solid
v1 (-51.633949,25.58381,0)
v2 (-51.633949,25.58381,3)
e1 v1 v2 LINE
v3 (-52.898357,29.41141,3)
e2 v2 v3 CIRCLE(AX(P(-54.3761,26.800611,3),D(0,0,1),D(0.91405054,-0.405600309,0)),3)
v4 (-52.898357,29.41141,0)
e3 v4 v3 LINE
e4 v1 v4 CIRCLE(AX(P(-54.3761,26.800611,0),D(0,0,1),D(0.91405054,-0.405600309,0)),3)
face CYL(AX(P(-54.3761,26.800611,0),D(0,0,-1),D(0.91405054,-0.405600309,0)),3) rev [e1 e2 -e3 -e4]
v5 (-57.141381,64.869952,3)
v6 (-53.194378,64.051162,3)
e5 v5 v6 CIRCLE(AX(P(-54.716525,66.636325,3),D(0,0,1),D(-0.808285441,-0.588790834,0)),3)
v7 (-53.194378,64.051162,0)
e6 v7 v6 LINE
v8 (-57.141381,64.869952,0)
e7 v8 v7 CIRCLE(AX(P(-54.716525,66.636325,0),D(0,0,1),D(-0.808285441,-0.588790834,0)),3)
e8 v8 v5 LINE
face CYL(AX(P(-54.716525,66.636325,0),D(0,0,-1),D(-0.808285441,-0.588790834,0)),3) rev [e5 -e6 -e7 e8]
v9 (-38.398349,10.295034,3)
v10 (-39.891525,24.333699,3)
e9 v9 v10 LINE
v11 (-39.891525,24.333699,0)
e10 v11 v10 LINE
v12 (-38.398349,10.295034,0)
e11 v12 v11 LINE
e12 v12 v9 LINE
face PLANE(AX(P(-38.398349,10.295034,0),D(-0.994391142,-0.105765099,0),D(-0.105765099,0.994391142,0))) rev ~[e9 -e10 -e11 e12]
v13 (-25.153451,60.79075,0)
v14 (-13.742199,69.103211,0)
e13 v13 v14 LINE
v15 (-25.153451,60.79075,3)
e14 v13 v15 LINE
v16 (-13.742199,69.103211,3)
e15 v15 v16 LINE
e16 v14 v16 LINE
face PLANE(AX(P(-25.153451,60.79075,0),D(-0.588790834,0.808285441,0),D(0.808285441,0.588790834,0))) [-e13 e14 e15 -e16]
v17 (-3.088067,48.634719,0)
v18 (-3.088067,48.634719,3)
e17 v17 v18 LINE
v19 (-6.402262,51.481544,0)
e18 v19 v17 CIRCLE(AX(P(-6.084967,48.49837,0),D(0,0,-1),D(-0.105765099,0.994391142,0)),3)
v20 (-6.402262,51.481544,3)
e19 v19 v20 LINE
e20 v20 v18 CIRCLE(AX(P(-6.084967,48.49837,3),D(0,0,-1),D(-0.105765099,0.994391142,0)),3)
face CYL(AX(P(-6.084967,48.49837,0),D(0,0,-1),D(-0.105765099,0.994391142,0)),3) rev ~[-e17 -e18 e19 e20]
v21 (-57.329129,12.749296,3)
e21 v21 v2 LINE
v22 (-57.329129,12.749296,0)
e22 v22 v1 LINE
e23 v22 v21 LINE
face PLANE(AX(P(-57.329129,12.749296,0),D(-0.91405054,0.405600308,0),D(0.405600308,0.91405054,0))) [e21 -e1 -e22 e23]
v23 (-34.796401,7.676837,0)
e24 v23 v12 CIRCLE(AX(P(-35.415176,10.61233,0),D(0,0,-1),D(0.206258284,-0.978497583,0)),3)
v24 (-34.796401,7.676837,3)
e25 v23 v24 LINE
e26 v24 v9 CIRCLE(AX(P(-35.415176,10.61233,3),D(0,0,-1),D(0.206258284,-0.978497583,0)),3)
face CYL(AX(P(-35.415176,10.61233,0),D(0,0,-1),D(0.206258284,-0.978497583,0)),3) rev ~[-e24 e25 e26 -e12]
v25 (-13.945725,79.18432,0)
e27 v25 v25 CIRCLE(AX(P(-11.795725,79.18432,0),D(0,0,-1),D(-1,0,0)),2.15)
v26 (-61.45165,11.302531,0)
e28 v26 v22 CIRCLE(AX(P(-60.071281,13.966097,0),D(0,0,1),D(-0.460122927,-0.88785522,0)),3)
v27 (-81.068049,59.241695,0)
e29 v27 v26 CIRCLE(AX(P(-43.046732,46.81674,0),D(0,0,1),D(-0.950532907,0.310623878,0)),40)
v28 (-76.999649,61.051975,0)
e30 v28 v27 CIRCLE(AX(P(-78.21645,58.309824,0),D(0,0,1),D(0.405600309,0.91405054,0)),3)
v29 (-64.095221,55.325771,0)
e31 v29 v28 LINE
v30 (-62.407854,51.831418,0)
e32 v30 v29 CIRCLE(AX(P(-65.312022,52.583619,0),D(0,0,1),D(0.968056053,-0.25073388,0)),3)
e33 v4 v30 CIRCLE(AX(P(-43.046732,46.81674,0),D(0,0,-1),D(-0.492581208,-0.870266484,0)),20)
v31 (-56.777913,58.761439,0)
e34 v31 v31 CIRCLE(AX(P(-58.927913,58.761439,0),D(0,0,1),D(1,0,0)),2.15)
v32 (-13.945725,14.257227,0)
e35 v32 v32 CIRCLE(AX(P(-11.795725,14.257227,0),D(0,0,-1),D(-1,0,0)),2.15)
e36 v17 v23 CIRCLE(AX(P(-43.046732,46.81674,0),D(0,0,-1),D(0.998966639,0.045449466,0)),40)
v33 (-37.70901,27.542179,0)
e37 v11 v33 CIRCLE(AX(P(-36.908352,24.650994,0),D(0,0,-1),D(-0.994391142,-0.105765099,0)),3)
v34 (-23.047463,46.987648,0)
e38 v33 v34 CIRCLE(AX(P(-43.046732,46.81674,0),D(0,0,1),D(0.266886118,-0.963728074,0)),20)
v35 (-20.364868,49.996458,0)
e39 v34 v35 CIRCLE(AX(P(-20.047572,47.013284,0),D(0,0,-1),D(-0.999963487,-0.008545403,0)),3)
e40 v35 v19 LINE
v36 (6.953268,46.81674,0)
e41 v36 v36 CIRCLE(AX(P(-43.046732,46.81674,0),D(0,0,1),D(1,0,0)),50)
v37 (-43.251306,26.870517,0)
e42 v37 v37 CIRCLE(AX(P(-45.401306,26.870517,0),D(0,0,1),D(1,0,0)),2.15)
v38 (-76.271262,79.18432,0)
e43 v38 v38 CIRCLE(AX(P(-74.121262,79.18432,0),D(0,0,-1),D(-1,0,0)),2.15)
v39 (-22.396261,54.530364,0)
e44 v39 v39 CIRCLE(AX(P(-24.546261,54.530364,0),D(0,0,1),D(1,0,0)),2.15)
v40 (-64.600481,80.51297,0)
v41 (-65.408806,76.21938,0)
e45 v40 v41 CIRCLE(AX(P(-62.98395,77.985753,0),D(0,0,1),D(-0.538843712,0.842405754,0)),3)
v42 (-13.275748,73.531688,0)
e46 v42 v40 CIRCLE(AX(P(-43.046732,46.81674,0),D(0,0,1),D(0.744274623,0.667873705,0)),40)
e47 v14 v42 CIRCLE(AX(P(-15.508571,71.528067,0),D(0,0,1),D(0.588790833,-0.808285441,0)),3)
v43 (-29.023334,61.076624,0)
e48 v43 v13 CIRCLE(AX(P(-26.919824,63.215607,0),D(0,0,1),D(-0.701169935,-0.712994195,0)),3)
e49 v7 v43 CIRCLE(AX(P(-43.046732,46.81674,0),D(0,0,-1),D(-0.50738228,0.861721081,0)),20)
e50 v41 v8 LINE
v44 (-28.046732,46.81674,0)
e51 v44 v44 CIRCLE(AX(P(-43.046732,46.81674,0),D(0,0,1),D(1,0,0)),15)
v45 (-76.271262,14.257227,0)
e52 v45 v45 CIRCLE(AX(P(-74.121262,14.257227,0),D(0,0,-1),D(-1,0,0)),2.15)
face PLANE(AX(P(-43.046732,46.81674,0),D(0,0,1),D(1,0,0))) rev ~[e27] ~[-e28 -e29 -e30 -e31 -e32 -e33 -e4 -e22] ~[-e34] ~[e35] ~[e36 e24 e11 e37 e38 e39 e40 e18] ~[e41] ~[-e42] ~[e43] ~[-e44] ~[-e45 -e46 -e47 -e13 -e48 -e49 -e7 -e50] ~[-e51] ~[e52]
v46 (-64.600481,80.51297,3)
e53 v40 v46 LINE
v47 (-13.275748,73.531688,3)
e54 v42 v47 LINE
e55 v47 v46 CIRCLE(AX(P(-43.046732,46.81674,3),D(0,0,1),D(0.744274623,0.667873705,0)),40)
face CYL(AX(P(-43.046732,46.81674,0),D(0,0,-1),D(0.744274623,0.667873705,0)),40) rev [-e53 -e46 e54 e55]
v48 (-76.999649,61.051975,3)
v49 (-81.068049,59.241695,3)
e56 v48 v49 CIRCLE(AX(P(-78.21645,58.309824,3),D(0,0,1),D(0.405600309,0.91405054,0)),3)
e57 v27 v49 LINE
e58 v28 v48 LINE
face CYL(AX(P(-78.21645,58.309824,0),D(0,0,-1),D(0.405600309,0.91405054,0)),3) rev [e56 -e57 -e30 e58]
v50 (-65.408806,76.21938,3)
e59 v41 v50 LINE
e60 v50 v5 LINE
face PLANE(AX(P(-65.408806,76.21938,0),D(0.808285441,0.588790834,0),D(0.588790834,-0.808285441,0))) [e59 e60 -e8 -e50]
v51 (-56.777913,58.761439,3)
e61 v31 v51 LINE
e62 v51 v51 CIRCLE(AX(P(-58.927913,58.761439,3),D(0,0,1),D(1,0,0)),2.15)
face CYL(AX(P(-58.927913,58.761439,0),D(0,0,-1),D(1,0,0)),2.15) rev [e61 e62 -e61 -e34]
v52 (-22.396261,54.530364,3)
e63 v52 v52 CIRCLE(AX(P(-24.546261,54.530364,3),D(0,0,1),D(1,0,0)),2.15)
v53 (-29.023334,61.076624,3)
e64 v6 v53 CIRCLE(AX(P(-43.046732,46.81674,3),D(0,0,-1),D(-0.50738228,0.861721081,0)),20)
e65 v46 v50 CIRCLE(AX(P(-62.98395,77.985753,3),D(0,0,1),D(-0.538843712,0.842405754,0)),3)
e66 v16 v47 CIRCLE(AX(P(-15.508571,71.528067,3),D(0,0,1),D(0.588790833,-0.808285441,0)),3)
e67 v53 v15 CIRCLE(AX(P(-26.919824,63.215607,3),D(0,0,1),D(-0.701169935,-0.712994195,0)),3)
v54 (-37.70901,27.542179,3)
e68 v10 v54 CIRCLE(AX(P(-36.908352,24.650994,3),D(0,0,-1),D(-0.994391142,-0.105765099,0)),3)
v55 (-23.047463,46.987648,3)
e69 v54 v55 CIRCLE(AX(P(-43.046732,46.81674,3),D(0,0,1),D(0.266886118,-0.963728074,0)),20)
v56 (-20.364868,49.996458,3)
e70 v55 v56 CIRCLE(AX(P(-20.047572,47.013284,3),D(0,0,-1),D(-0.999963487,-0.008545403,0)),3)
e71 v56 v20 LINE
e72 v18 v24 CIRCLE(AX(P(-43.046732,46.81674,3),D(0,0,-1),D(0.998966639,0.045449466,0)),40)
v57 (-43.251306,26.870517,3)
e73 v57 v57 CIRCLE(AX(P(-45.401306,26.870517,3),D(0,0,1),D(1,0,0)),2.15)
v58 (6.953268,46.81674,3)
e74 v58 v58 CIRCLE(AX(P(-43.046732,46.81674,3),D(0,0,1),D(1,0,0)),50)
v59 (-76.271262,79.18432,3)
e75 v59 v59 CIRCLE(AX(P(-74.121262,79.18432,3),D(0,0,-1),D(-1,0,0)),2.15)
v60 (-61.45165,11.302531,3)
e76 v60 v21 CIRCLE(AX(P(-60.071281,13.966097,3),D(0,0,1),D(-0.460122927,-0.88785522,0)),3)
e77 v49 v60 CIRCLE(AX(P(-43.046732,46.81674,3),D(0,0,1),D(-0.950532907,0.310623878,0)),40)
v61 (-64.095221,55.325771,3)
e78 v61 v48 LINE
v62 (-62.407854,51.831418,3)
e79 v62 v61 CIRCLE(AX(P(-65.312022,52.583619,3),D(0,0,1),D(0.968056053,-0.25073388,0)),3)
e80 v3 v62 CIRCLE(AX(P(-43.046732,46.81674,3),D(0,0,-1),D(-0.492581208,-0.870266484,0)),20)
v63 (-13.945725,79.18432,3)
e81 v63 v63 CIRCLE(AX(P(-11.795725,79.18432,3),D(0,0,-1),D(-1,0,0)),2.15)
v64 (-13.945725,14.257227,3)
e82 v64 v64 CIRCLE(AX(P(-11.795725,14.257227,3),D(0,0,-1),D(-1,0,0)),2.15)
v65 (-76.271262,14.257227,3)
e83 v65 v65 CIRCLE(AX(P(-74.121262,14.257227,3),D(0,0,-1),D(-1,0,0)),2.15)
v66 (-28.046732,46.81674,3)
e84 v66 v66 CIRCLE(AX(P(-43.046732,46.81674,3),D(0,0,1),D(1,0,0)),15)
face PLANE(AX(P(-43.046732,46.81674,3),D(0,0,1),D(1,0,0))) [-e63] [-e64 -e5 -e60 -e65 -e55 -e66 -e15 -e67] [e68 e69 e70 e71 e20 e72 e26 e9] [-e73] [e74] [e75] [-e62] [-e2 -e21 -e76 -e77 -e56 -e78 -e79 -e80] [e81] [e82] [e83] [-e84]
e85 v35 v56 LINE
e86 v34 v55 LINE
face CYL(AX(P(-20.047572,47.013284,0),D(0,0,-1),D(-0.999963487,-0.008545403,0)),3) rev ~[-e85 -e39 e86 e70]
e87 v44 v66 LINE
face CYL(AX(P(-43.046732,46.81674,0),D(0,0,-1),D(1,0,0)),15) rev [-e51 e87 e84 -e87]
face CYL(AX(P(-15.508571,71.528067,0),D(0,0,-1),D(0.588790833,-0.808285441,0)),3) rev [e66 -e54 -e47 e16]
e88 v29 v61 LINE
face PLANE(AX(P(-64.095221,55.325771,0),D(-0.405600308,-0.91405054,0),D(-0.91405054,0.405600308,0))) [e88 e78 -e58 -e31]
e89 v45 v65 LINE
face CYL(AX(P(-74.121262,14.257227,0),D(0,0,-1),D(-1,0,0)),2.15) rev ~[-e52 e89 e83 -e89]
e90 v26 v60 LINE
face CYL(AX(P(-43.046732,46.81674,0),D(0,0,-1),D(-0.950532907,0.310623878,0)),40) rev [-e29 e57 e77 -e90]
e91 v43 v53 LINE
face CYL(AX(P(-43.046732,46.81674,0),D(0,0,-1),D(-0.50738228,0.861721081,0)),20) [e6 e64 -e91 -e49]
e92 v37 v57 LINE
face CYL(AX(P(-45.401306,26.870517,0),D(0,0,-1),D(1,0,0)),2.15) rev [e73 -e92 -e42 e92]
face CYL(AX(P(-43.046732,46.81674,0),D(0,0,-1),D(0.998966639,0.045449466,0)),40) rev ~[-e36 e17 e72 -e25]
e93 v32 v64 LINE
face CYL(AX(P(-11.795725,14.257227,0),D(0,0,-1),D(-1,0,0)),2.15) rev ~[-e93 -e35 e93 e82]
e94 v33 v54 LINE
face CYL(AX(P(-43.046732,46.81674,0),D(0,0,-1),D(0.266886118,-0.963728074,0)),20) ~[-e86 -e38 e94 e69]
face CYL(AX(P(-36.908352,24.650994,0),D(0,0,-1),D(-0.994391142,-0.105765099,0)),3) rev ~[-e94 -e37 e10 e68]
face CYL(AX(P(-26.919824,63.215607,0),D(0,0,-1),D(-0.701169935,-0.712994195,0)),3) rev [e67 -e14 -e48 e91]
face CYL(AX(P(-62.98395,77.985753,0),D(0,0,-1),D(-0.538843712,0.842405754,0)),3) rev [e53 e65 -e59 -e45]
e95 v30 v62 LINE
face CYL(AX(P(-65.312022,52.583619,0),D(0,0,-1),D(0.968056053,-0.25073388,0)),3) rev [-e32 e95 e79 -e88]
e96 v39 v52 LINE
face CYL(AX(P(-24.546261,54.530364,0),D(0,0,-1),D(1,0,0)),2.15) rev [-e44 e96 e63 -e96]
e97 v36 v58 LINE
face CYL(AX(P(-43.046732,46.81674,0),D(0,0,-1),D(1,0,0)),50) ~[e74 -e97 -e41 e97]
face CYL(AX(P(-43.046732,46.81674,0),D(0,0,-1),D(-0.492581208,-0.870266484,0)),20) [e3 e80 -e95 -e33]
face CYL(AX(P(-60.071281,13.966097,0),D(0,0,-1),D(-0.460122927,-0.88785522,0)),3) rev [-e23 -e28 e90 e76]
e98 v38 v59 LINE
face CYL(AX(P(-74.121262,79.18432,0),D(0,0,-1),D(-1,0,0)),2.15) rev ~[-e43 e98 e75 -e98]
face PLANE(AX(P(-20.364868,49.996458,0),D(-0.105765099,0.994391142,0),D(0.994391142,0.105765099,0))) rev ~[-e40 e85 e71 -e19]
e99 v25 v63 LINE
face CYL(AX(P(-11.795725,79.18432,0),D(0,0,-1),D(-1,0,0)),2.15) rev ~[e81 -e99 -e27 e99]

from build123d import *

# Parameters (mm, degrees)
SKETCH_1_R          = 50
SKETCH_1_R_2        = 15
SKETCH_1_R_3        = 2.15
EXTRUDE_1_DEPTH     = 3
SKETCH_2_R          = 2.15
CUT_EXTRUDE_1_DEPTH = 3
CUT_EXTRUDE_2_DEPTH = 3


with BuildPart() as part:
    # 草图1 → 凸台-拉伸1 (new body)
    with BuildSketch(Plane.XY):
        with Locations((-43.046732458, 46.816740082)):
            Circle(SKETCH_1_R)
        with Locations((-43.046732458, 46.816740082)):
            Circle(SKETCH_1_R_2, mode=Mode.SUBTRACT)
        with Locations((-58.927913307, 58.761439339)):
            Circle(SKETCH_1_R_3, mode=Mode.SUBTRACT)
        with Locations((-45.401306439, 26.870517329)):
            Circle(SKETCH_1_R_3, mode=Mode.SUBTRACT)
        with Locations((-24.546261263, 54.530363509)):
            Circle(SKETCH_1_R_3, mode=Mode.SUBTRACT)
    extrude(amount=EXTRUDE_1_DEPTH)

    # 草图2 → 切除-拉伸1 (cut)
    with BuildSketch(Plane(origin=(0, 0, 0), x_dir=(-1, 0, 0), z_dir=(0, 0, -1))):
        with Locations((11.795724887, 79.184319745)):
            Circle(SKETCH_2_R)
        with Locations((74.121262453, 79.184319745)):
            Circle(SKETCH_2_R)
        with Locations((74.121262453, 14.25722704)):
            Circle(SKETCH_2_R)
        with Locations((11.795724887, 14.25722704)):
            Circle(SKETCH_2_R)
    extrude(amount=-CUT_EXTRUDE_1_DEPTH, mode=Mode.SUBTRACT)

    # 草图3 → 切除-拉伸2 (cut)
    with BuildSketch(Plane(origin=(0, 0, 0), x_dir=(-1, 0, 0), z_dir=(0, 0, -1))):
        with BuildLine():
            Line((25.153451443, 60.790750239), (13.742198917, 69.103210849))
            ThreePointArc((13.742198917, 69.103210849), (12.525075816, 71.213815689), (13.27574755, 73.531688287))
            ThreePointArc((13.27574755, 73.531688287), (37.655506434, 86.451758462), (64.600480937, 80.512970235))
            ThreePointArc((64.600480937, 80.512970235), (65.932157971, 78.540792241), (65.408806124, 76.219380472))
            Line((65.408806124, 76.219380472), (57.141381217, 64.869952453))
            ThreePointArc((57.141381217, 64.869952453), (55.325889869, 63.698864431), (53.194378054, 64.05116171))
            ThreePointArc((53.194378054, 64.05116171), (40.603919689, 66.666996145), (29.023333751, 61.076623977))
            ThreePointArc((29.023333751, 61.076623977), (27.140836024, 60.223758694), (25.153451443, 60.790750239))
        make_face()
        with BuildLine():
            Line((20.364867546, 49.996457779), (6.402262109, 51.481543763))
            ThreePointArc((6.402262109, 51.481543763), (4.130184621, 50.774073872), (3.088066895, 48.634718735))
            ThreePointArc((3.088066895, 48.634718735), (11.417412674, 22.330292198), (34.796401106, 7.676836753))
            ThreePointArc((34.796401106, 7.676836753), (37.179073525, 8.185672261), (38.398349384, 10.295034206))
            Line((38.398349384, 10.295034206), (39.891525177, 24.333699088))
            ThreePointArc((39.891525177, 24.333699088), (39.388861968, 26.338320394), (37.709010103, 27.542178607))
            ThreePointArc((37.709010103, 27.542178607), (27.07731282, 34.776074136), (23.047462711, 46.987648143))
            ThreePointArc((23.047462711, 46.987648143), (22.286805197, 49.009740163), (20.364867546, 49.996457779))
        make_face()
        with BuildLine():
            Line((64.095220754, 55.325770919), (76.999649074, 61.051975191))
            ThreePointArc((76.999649074, 61.051975191), (79.436048033, 61.050732296), (81.068048719, 59.241695206))
            ThreePointArc((81.068048719, 59.241695206), (80.067278266, 31.668169586), (61.451649543, 11.302531276))
            ThreePointArc((61.451649543, 11.302531276), (59.077854783, 11.135354132), (57.329129141, 12.749296011))
            Line((57.329129141, 12.749296011), (51.633948612, 25.583810014))
            ThreePointArc((51.633948612, 25.583810014), (51.527502308, 27.741615653), (52.898356609, 29.411410393))
            ThreePointArc((52.898356609, 29.411410393), (61.458964865, 39.007149965), (62.40785352, 51.831417662))
            ThreePointArc((62.40785352, 51.831417662), (62.610499382, 53.888141158), (64.095220754, 55.325770919))
        make_face()
    extrude(amount=-CUT_EXTRUDE_2_DEPTH, mode=Mode.SUBTRACT)


solid = part.part
